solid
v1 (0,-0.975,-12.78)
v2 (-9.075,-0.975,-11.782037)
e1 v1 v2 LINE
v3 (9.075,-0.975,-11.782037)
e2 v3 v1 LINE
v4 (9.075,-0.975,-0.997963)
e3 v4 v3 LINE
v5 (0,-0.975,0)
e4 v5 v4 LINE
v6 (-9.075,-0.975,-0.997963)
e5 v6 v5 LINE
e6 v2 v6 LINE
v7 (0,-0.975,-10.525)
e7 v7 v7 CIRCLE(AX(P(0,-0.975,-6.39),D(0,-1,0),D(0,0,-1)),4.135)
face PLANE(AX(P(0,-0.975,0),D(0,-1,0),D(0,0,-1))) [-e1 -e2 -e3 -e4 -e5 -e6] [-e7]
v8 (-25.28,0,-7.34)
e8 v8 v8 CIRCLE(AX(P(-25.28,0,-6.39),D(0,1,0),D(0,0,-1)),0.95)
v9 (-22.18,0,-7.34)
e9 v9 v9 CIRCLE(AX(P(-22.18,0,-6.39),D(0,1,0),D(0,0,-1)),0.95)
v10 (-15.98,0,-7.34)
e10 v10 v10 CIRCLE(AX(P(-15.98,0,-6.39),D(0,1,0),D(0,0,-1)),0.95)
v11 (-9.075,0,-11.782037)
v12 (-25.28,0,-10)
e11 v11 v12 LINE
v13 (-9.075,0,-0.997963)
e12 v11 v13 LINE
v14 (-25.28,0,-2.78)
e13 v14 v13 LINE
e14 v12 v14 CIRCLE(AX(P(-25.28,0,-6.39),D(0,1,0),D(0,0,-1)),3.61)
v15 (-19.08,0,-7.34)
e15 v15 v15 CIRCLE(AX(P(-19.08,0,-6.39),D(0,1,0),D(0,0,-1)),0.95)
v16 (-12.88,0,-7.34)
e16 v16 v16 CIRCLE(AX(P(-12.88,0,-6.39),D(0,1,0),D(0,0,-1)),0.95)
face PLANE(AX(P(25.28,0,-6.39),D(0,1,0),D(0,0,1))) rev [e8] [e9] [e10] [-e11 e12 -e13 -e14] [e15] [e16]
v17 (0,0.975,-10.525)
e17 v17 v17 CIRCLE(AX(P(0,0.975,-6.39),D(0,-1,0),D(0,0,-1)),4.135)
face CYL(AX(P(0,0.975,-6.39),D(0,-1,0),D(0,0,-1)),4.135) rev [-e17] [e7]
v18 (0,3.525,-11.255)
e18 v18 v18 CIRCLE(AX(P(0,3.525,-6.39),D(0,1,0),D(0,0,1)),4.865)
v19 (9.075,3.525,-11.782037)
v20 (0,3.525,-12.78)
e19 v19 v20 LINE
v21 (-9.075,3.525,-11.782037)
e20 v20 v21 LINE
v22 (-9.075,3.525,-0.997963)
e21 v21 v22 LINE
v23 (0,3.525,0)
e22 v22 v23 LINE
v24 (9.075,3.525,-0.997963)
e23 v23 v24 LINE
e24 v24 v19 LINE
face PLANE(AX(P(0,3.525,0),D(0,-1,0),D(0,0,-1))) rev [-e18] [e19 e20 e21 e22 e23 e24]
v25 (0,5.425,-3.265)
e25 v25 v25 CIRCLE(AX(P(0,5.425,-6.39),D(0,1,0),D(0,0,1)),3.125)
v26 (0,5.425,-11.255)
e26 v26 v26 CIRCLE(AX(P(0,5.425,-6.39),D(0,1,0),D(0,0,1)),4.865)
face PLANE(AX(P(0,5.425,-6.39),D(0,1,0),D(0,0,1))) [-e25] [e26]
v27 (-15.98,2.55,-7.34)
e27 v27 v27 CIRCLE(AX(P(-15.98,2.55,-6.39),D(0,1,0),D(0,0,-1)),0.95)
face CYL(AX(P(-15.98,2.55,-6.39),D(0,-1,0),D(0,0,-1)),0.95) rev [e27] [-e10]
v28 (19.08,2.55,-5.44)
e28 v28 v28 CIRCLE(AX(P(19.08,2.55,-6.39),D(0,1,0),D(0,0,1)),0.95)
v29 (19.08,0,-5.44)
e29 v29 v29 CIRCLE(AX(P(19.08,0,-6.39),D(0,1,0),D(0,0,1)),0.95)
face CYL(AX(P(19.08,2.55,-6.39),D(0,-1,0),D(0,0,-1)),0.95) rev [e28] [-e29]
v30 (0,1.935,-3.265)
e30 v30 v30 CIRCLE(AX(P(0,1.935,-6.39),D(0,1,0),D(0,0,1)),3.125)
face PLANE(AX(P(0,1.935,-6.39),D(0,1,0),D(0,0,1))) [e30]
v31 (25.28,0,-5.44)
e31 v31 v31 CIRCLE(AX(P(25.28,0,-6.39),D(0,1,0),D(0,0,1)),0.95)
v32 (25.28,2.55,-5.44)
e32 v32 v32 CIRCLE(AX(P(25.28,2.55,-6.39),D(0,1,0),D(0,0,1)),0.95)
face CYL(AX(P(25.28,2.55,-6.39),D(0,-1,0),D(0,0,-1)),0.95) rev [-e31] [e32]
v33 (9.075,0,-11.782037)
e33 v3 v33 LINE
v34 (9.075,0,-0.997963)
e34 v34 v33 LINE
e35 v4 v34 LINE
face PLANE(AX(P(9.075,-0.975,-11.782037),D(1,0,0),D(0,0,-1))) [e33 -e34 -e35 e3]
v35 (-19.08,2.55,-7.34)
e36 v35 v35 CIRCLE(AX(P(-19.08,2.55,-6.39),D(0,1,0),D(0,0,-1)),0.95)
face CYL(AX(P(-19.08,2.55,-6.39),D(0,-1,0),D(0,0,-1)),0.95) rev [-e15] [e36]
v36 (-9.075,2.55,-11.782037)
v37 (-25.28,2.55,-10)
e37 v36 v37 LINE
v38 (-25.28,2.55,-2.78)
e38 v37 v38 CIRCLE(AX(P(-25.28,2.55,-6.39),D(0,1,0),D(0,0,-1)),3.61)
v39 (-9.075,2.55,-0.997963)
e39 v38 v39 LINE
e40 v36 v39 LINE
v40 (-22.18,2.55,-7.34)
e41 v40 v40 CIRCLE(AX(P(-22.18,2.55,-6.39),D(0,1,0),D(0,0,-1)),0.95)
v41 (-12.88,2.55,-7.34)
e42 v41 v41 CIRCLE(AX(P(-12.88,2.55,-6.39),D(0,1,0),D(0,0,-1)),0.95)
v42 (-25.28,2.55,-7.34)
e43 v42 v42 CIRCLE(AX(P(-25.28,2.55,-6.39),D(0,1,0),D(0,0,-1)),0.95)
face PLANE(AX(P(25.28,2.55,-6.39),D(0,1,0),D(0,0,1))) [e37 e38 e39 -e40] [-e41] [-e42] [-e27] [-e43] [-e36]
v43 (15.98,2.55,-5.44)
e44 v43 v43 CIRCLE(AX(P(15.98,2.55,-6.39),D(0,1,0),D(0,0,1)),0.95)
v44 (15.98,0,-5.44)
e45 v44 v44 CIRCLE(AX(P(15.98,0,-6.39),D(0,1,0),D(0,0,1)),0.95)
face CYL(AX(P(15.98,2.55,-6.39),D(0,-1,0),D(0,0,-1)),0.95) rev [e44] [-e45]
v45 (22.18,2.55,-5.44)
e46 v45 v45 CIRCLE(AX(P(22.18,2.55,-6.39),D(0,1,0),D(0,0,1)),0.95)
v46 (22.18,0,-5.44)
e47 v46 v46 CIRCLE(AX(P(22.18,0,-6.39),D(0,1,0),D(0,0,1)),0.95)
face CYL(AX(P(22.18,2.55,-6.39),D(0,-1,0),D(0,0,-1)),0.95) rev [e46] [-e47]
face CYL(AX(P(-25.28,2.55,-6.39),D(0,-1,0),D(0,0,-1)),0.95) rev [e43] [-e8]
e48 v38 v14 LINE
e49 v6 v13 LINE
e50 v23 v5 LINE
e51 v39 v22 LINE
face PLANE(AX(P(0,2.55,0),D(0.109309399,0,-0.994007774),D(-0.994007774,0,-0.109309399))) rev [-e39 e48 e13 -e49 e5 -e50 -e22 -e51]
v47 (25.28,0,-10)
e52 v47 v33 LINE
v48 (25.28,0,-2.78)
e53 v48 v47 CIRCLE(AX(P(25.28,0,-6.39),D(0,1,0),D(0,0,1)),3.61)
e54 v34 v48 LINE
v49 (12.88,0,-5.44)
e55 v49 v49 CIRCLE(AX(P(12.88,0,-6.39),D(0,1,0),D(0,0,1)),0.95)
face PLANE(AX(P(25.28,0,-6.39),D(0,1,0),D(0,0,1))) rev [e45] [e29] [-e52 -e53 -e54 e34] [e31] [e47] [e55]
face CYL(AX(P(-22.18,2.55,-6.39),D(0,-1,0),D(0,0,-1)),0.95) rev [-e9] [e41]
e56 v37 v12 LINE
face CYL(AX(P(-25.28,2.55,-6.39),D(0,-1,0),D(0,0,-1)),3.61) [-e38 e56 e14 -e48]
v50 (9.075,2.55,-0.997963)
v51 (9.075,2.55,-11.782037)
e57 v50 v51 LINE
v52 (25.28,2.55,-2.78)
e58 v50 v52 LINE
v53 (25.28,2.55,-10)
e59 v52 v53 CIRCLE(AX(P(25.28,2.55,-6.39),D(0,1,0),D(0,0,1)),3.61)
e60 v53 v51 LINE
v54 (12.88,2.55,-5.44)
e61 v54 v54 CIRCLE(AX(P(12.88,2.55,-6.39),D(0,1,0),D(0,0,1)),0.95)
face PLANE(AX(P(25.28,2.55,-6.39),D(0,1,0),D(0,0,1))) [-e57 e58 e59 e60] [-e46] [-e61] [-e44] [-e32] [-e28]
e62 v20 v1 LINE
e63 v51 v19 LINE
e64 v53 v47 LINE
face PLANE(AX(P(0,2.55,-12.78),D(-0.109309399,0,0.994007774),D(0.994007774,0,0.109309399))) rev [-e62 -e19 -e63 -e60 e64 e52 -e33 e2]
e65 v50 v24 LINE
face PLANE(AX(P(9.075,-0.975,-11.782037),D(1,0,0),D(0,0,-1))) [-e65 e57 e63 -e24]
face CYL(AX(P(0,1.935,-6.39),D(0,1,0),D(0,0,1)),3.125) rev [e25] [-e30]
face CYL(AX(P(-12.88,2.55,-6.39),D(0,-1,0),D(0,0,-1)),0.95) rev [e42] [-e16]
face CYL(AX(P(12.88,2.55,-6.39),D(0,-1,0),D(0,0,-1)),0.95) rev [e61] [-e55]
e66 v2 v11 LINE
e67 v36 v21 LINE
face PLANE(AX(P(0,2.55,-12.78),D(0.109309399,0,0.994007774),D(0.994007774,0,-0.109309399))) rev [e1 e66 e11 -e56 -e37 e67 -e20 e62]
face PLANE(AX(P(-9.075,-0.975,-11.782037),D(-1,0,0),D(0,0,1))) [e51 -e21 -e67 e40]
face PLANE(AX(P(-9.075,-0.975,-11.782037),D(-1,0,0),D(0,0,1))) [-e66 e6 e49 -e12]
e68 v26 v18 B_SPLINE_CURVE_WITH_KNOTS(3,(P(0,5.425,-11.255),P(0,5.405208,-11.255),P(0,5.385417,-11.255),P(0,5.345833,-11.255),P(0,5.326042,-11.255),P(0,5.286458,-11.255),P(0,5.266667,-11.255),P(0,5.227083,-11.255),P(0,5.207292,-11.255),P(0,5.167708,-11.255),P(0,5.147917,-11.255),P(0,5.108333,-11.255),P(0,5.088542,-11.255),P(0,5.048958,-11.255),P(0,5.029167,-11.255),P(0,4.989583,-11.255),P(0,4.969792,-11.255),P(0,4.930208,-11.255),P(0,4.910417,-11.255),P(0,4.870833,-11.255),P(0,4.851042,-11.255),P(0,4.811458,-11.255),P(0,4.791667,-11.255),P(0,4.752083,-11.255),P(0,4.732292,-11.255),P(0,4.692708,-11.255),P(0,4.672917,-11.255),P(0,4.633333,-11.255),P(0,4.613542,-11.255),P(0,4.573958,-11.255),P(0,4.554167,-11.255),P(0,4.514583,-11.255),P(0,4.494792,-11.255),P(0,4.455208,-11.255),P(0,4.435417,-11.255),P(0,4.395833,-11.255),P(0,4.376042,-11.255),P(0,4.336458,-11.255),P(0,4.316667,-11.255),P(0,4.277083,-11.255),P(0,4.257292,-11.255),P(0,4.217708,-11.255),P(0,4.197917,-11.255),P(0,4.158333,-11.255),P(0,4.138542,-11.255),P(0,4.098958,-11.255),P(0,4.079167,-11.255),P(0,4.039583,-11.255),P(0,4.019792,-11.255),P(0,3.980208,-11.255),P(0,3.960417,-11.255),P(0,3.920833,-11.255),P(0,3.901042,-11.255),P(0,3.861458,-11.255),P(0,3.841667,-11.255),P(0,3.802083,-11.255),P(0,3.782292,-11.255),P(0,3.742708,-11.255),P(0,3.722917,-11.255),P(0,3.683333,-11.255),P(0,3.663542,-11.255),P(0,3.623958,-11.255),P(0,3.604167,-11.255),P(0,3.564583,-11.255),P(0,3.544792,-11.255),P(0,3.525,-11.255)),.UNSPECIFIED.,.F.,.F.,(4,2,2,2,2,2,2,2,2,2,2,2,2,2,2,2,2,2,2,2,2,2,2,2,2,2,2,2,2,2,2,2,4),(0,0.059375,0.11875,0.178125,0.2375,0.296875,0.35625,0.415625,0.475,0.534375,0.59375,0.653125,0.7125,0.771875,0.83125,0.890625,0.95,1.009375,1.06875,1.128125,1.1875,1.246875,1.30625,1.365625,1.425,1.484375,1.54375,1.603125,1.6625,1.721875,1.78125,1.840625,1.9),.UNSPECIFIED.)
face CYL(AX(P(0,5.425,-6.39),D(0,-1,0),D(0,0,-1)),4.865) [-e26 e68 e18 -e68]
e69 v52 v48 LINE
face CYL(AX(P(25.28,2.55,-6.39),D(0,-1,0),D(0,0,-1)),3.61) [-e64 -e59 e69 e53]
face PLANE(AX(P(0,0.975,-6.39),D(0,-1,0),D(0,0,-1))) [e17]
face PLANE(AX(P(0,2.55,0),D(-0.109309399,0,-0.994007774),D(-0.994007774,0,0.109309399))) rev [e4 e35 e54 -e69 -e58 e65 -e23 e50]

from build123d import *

# Parameters (mm, degrees)
SKETCH1_R                = 0.95
BOSS_EXTRUDE1_DEPTH      = 2.55
BOSS_EXTRUDE2_DEPTH      = 0.975
BOSS_EXTRUDE2_DEPTH_BACK = 3.525
SKETCH3_R                = 4.135
CUT_EXTRUDE1_DEPTH       = 1.95
SKETCH4_R                = 4.865
BOSS_EXTRUDE3_DEPTH      = 1.9
SKETCH5_R                = 3.125
CUT_EXTRUDE2_DEPTH       = 3.49


with BuildPart() as part:
    # Sketch1 → Boss-Extrude1 (new body)
    with BuildSketch(Plane(origin=(0, 0, 0), x_dir=(1, 0, 0), z_dir=(0, 1, 0))):
        with BuildLine():
            Line((0, 12.78), (25.28, 10))
            ThreePointArc((25.28, 10), (28.89, 6.39), (25.28, 2.78))
            Line((25.28, 2.78), (0, 0))
            Line((0, 0), (-25.28, 2.78))
            ThreePointArc((-25.28, 2.78), (-28.89, 6.39), (-25.28, 10))
            Line((-25.28, 10), (0, 12.78))
        make_face()
        with Locations(Location((25.28, 6.39, 0), (0, 0, 270))):
            Circle(SKETCH1_R, mode=Mode.SUBTRACT)
        with Locations(Location((22.18, 6.39, 0), (0, 0, 270))):
            Circle(SKETCH1_R, mode=Mode.SUBTRACT)
        with Locations(Location((19.08, 6.39, 0), (0, 0, 270))):
            Circle(SKETCH1_R, mode=Mode.SUBTRACT)
        with Locations(Location((15.98, 6.39, 0), (0, 0, 270))):
            Circle(SKETCH1_R, mode=Mode.SUBTRACT)
        with Locations(Location((12.88, 6.39, 0), (0, 0, 270))):
            Circle(SKETCH1_R, mode=Mode.SUBTRACT)
        with Locations(Location((-12.88, 6.39, 0), (0, 0, 90))):
            Circle(SKETCH1_R, mode=Mode.SUBTRACT)
        with Locations(Location((-15.98, 6.39, 0), (0, 0, 90))):
            Circle(SKETCH1_R, mode=Mode.SUBTRACT)
        with Locations(Location((-19.08, 6.39, 0), (0, 0, 90))):
            Circle(SKETCH1_R, mode=Mode.SUBTRACT)
        with Locations(Location((-22.18, 6.39, 0), (0, 0, 90))):
            Circle(SKETCH1_R, mode=Mode.SUBTRACT)
        with Locations(Location((-25.28, 6.39, 0), (0, 0, 90))):
            Circle(SKETCH1_R, mode=Mode.SUBTRACT)
    extrude(amount=BOSS_EXTRUDE1_DEPTH)

    # Sketch2 → Boss-Extrude2 (add, two sides: drawn at the far end of the back side and taken through both)
    with BuildSketch(Plane(origin=(0, 2.55, 0), x_dir=(1, 0, 0), z_dir=(0, 1, 0)).offset(-BOSS_EXTRUDE2_DEPTH_BACK)):
        Polygon((-9.075, 11.782037184), (-9.075, 0.997962816), (0, 0), (9.075, 0.997962816), (9.075, 11.782037184), (0, 12.78), align=None)
    extrude(amount=BOSS_EXTRUDE2_DEPTH + BOSS_EXTRUDE2_DEPTH_BACK)

    # Sketch3 → Cut-Extrude1 (cut)
    with BuildSketch(Plane.XZ.offset(0.975)):
        with Locations(Location((0, -6.39, 0), (0, 0, 270))):
            Circle(SKETCH3_R)
    extrude(amount=-CUT_EXTRUDE1_DEPTH, mode=Mode.SUBTRACT)

    # Sketch4 → Boss-Extrude3 (add)
    with BuildSketch(Plane(origin=(0, 3.525, 0), x_dir=(1, 0, 0), z_dir=(0, 1, 0))):
        with Locations(Location((0, 6.39, 0), (0, 0, 90))):
            Circle(SKETCH4_R)
    extrude(amount=BOSS_EXTRUDE3_DEPTH)

    # Sketch5 → Cut-Extrude2 (cut)
    with BuildSketch(Plane(origin=(0, 5.425, 0), x_dir=(1, 0, 0), z_dir=(0, 1, 0))):
        with Locations(Location((0, 6.39, 0), (0, 0, 270))):
            Circle(SKETCH5_R)
    extrude(amount=-CUT_EXTRUDE2_DEPTH, mode=Mode.SUBTRACT)


solid = part.part
